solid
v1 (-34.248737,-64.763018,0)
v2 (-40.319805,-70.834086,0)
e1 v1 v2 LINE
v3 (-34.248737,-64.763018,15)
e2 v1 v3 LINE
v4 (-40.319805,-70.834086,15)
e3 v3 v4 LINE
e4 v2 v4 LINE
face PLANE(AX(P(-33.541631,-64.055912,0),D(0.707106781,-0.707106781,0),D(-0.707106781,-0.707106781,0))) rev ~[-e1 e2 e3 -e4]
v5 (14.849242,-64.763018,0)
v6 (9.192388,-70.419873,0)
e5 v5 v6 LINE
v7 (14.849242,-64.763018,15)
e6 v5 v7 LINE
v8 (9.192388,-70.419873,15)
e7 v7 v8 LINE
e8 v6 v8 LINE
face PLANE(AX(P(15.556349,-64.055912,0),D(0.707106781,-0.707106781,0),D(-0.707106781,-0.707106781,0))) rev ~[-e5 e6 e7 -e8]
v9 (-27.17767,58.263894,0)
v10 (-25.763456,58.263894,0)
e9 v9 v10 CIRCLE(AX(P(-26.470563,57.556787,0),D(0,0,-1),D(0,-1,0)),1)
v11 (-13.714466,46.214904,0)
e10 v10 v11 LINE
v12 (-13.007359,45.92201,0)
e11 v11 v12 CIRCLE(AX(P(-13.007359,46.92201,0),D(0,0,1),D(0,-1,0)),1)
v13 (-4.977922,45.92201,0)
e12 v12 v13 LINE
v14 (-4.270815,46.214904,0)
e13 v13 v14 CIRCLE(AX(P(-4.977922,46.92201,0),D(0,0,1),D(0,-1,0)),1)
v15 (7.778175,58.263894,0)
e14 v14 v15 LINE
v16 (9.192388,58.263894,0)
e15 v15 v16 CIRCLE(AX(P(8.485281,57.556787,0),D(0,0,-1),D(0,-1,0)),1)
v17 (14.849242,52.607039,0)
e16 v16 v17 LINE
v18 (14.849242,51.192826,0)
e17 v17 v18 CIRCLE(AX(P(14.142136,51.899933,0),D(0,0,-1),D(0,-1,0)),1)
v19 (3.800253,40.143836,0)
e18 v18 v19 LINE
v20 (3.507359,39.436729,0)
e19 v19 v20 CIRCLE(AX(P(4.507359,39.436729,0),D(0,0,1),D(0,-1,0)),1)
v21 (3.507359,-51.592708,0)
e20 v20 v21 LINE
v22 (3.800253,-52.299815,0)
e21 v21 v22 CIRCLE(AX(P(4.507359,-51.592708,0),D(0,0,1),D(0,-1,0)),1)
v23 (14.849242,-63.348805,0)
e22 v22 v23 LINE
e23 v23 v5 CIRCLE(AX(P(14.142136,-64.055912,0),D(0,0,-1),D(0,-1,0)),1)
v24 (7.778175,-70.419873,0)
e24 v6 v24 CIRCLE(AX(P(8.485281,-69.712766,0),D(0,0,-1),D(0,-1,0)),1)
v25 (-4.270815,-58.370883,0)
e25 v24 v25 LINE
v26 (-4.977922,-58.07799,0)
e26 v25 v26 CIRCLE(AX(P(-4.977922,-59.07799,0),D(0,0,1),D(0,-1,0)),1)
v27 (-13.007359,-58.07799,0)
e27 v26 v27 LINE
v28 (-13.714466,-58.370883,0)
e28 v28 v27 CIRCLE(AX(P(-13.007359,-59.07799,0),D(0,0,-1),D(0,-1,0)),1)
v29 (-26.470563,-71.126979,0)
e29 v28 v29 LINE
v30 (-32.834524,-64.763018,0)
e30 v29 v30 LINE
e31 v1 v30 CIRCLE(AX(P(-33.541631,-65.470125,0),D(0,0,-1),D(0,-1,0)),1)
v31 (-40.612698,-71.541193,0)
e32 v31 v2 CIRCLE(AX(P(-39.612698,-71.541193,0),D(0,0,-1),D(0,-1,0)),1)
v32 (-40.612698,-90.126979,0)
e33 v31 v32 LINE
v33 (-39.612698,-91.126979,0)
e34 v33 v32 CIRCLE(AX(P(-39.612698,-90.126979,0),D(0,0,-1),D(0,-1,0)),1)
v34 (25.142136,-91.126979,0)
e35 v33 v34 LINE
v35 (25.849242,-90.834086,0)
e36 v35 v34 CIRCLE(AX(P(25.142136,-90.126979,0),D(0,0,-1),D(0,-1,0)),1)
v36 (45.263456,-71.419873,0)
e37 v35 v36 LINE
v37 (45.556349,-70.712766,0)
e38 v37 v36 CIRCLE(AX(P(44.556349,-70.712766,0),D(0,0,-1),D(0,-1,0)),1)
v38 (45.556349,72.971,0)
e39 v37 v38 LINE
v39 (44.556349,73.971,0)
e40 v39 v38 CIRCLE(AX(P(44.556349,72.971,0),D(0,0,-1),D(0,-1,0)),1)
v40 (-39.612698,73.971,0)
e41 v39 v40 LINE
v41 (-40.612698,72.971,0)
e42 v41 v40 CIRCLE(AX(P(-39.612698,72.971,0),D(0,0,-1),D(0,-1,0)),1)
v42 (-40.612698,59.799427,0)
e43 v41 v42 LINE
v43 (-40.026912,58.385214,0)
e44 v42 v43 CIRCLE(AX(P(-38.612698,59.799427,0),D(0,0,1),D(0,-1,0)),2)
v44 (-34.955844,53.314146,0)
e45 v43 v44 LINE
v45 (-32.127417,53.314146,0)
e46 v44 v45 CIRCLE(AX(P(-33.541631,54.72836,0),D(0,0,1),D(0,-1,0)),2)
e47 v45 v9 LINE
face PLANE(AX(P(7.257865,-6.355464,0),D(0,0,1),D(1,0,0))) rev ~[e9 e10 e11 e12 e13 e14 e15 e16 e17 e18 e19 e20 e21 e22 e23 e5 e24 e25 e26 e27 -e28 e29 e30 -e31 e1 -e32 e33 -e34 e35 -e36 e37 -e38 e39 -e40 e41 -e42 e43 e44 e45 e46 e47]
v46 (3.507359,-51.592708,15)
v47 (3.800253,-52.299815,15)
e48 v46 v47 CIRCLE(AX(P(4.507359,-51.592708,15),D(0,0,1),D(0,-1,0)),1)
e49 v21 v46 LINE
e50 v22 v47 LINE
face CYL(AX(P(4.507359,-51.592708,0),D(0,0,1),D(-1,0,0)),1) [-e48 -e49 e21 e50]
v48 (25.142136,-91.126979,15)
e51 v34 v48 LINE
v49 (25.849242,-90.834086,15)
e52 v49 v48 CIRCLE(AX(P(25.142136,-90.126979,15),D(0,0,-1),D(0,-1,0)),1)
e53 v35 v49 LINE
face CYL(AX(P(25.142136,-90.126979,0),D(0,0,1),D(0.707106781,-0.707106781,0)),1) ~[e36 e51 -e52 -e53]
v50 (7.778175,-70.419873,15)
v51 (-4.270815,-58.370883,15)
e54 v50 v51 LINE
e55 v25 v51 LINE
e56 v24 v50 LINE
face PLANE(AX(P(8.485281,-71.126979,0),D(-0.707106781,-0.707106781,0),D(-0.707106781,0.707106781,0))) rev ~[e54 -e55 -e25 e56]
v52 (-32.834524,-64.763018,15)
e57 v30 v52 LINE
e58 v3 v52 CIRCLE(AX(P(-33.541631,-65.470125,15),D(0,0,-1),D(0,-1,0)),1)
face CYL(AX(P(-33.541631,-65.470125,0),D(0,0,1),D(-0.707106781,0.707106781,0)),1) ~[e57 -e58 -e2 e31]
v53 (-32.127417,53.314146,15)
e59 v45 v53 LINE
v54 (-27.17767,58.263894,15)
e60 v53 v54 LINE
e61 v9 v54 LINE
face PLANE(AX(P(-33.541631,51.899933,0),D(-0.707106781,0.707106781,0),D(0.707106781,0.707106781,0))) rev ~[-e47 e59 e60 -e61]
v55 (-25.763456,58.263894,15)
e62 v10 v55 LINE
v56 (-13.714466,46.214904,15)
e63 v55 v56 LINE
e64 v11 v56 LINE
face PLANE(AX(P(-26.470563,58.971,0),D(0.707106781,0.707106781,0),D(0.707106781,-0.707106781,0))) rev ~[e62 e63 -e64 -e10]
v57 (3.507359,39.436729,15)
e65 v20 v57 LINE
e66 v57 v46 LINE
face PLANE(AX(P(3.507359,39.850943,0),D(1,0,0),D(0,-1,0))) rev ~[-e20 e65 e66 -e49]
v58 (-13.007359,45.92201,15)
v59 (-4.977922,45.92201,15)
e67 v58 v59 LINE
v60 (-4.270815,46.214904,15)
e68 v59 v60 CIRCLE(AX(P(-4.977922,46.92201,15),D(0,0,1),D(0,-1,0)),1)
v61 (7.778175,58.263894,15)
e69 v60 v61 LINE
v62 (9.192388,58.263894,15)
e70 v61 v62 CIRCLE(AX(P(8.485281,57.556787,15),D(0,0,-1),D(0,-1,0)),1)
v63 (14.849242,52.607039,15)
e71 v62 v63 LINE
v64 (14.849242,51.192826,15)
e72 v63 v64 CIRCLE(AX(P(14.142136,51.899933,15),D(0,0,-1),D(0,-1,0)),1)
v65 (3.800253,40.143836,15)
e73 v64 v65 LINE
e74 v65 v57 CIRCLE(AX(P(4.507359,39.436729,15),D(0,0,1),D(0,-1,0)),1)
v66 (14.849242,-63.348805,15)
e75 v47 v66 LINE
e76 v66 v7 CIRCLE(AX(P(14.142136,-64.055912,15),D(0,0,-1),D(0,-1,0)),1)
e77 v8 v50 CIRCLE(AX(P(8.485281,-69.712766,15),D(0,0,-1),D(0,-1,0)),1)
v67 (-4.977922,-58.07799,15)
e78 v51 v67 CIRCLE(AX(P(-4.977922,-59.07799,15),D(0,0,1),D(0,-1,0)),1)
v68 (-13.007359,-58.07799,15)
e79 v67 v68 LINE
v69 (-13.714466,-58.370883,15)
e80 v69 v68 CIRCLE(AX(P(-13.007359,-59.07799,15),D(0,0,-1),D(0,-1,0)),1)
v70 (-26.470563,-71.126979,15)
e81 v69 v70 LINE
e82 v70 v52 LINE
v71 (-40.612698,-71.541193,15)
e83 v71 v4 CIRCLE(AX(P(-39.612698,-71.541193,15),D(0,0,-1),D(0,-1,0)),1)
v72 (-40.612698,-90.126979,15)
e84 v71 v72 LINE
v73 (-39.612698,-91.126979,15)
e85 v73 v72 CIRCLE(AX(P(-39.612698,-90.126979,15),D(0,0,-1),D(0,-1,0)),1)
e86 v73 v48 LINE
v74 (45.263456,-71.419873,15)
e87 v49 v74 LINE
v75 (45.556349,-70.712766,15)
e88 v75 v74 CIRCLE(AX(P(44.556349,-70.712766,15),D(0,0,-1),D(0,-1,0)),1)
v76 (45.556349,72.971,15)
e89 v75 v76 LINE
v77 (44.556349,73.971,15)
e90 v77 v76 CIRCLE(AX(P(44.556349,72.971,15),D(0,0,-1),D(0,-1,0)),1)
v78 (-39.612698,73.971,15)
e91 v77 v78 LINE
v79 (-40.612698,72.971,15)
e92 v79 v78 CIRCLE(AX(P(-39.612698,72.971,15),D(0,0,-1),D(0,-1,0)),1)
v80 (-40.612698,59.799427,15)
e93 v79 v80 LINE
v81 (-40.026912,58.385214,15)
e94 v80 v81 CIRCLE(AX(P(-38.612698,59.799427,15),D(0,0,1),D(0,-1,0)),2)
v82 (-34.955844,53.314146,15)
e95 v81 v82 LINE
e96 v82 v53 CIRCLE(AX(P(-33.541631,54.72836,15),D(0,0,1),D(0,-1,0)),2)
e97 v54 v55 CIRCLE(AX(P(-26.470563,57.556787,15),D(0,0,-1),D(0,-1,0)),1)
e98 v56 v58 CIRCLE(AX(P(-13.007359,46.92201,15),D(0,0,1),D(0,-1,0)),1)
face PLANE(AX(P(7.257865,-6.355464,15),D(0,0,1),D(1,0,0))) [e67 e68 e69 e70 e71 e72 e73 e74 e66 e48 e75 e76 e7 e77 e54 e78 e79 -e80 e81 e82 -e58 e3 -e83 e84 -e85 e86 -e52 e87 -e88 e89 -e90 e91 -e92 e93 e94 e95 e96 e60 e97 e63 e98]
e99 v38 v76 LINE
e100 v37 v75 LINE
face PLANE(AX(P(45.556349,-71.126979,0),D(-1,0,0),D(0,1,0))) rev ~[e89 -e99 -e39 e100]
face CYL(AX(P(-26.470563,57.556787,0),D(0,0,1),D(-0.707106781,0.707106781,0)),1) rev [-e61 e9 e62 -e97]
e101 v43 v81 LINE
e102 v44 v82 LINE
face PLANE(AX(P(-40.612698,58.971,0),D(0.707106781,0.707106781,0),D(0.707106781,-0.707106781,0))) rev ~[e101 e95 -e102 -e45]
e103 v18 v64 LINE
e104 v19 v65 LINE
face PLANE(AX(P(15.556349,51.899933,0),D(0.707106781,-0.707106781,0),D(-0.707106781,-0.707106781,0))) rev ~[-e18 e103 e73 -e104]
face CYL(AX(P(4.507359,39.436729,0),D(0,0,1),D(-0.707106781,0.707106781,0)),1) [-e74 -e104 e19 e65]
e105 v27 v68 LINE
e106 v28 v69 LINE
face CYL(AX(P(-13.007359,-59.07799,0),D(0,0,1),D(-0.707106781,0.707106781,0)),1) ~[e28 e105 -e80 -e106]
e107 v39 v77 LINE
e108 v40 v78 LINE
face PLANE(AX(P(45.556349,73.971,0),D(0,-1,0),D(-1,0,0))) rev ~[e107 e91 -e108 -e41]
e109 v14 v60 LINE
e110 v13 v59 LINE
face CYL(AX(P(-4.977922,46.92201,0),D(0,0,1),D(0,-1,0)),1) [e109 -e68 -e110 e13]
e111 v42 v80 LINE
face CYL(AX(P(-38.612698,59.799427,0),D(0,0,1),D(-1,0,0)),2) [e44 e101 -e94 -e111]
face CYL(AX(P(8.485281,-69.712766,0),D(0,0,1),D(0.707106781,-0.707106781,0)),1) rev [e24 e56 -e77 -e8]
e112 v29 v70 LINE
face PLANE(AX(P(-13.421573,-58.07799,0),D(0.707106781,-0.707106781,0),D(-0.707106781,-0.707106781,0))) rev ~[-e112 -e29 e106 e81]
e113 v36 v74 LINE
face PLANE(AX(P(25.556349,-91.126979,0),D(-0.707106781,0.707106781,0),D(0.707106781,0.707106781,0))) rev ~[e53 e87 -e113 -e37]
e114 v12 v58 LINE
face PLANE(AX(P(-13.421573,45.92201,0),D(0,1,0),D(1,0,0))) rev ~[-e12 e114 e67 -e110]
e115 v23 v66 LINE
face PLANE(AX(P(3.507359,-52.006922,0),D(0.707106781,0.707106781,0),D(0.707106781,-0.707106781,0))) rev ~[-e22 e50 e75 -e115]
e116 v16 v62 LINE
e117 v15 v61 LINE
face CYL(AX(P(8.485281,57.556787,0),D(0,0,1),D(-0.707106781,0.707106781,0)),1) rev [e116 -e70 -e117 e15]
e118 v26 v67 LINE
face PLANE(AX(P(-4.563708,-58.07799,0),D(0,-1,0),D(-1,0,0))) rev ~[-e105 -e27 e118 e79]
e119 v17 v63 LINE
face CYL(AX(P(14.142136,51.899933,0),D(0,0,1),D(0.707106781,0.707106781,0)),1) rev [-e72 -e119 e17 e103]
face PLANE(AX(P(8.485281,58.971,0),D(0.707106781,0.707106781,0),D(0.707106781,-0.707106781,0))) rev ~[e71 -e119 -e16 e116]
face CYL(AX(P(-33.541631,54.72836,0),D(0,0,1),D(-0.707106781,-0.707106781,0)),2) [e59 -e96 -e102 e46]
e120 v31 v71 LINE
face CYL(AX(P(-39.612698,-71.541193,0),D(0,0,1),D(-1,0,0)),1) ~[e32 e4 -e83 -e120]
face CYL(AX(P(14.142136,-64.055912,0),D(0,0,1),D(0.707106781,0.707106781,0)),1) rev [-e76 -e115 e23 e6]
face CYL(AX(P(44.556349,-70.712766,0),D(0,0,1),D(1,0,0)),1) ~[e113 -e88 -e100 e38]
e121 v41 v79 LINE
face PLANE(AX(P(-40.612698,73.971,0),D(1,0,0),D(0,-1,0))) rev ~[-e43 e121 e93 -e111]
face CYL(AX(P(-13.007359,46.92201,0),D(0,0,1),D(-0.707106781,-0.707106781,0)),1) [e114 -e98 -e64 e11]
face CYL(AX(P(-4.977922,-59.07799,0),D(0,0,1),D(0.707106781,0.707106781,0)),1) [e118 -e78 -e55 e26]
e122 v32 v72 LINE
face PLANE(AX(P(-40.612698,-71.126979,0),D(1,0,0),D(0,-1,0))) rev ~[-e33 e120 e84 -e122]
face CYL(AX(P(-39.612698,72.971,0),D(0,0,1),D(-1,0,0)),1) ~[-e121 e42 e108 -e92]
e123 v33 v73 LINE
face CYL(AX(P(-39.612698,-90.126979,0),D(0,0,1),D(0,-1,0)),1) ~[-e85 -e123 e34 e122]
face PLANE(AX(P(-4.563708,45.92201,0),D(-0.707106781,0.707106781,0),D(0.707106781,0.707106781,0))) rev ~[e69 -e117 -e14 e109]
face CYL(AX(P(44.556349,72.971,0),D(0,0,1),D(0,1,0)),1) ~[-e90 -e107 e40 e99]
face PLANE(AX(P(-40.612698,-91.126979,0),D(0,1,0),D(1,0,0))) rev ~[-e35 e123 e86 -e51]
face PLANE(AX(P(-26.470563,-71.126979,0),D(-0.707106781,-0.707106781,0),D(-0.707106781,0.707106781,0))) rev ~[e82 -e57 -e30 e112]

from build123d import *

# Parameters (mm, degrees)
F1_DEPTH = 15
F2_R     = 2
F3_R     = 1
F4_R     = 1
F5_R     = 1


with BuildPart() as f1:
    # F0 (on Top) → F1 (new body)
    with BuildSketch(Plane.XY):
        Polygon((45.5563491861, 73.9710003696), (-40.6126983722, 73.9710003696), (-40.6126983722, 58.9710003696), (-33.5416305603, 51.8999325577), (-26.4705627485, 58.9710003696), (-13.4215728753, 45.9220104963), (-4.563708499, 45.9220104963), (8.4852813742, 58.9710003696), (15.5563491861, 51.8999325577), (3.5073593129, 39.8509426845), (3.5073593129, -52.0069216918), (15.5563491861, -64.055911565), (8.4852813742, -71.1269793769), (-4.563708499, -58.0779895037), (-13.4215728753, -58.0779895037), (-26.4705627485, -71.1269793769), (-33.5416305603, -64.055911565), (-40.6126983722, -71.1269793769), (-40.6126983722, -91.1269793769), (25.5563491861, -91.1269793769), (45.5563491861, -71.1269793769), align=None)
    extrude(amount=F1_DEPTH)

    # F2
    f2_edges = [f1.edges().sort_by_distance(p)[0] for p in [
        (-33.541631, 51.899933, 7.5),
        (-40.612698, 58.971, 7.5),
    ]]
    fillet(f2_edges, radius=F2_R)

    # F3
    f3_edges = [f1.edges().sort_by_distance(p)[0] for p in [
        (-26.470563, 58.971, 7.5),
        (-13.421573, 45.92201, 7.5),
        (-4.563708, 45.92201, 7.5),
        (8.485281, 58.971, 7.5),
        (-40.612698, 59.799427, 7.5),
    ]]
    fillet(f3_edges, radius=F3_R)

    # F4
    f4_edges = [f1.edges().sort_by_distance(p)[0] for p in [
        (-40.612698, -71.126979, 7.5),
        (-33.541631, -64.055912, 7.5),
        (-13.421573, -58.07799, 7.5),
        (-4.563708, -58.07799, 7.5),
        (15.556349, -64.055912, 7.5),
        (3.507359, -52.006922, 7.5),
        (3.507359, 39.850943, 7.5),
        (15.556349, 51.899933, 7.5),
    ]]
    fillet(f4_edges, radius=F4_R)

    # F5
    f5_edges = [f1.edges().sort_by_distance(p)[0] for p in [
        (-40.612698, 73.971, 7.5),
        (8.485281, -71.126979, 7.5),
        (-40.612698, -91.126979, 7.5),
        (45.556349, 73.971, 7.5),
        (45.556349, -71.126979, 7.5),
        (25.556349, -91.126979, 7.5),
    ]]
    fillet(f5_edges, radius=F5_R)


solid = f1.part
